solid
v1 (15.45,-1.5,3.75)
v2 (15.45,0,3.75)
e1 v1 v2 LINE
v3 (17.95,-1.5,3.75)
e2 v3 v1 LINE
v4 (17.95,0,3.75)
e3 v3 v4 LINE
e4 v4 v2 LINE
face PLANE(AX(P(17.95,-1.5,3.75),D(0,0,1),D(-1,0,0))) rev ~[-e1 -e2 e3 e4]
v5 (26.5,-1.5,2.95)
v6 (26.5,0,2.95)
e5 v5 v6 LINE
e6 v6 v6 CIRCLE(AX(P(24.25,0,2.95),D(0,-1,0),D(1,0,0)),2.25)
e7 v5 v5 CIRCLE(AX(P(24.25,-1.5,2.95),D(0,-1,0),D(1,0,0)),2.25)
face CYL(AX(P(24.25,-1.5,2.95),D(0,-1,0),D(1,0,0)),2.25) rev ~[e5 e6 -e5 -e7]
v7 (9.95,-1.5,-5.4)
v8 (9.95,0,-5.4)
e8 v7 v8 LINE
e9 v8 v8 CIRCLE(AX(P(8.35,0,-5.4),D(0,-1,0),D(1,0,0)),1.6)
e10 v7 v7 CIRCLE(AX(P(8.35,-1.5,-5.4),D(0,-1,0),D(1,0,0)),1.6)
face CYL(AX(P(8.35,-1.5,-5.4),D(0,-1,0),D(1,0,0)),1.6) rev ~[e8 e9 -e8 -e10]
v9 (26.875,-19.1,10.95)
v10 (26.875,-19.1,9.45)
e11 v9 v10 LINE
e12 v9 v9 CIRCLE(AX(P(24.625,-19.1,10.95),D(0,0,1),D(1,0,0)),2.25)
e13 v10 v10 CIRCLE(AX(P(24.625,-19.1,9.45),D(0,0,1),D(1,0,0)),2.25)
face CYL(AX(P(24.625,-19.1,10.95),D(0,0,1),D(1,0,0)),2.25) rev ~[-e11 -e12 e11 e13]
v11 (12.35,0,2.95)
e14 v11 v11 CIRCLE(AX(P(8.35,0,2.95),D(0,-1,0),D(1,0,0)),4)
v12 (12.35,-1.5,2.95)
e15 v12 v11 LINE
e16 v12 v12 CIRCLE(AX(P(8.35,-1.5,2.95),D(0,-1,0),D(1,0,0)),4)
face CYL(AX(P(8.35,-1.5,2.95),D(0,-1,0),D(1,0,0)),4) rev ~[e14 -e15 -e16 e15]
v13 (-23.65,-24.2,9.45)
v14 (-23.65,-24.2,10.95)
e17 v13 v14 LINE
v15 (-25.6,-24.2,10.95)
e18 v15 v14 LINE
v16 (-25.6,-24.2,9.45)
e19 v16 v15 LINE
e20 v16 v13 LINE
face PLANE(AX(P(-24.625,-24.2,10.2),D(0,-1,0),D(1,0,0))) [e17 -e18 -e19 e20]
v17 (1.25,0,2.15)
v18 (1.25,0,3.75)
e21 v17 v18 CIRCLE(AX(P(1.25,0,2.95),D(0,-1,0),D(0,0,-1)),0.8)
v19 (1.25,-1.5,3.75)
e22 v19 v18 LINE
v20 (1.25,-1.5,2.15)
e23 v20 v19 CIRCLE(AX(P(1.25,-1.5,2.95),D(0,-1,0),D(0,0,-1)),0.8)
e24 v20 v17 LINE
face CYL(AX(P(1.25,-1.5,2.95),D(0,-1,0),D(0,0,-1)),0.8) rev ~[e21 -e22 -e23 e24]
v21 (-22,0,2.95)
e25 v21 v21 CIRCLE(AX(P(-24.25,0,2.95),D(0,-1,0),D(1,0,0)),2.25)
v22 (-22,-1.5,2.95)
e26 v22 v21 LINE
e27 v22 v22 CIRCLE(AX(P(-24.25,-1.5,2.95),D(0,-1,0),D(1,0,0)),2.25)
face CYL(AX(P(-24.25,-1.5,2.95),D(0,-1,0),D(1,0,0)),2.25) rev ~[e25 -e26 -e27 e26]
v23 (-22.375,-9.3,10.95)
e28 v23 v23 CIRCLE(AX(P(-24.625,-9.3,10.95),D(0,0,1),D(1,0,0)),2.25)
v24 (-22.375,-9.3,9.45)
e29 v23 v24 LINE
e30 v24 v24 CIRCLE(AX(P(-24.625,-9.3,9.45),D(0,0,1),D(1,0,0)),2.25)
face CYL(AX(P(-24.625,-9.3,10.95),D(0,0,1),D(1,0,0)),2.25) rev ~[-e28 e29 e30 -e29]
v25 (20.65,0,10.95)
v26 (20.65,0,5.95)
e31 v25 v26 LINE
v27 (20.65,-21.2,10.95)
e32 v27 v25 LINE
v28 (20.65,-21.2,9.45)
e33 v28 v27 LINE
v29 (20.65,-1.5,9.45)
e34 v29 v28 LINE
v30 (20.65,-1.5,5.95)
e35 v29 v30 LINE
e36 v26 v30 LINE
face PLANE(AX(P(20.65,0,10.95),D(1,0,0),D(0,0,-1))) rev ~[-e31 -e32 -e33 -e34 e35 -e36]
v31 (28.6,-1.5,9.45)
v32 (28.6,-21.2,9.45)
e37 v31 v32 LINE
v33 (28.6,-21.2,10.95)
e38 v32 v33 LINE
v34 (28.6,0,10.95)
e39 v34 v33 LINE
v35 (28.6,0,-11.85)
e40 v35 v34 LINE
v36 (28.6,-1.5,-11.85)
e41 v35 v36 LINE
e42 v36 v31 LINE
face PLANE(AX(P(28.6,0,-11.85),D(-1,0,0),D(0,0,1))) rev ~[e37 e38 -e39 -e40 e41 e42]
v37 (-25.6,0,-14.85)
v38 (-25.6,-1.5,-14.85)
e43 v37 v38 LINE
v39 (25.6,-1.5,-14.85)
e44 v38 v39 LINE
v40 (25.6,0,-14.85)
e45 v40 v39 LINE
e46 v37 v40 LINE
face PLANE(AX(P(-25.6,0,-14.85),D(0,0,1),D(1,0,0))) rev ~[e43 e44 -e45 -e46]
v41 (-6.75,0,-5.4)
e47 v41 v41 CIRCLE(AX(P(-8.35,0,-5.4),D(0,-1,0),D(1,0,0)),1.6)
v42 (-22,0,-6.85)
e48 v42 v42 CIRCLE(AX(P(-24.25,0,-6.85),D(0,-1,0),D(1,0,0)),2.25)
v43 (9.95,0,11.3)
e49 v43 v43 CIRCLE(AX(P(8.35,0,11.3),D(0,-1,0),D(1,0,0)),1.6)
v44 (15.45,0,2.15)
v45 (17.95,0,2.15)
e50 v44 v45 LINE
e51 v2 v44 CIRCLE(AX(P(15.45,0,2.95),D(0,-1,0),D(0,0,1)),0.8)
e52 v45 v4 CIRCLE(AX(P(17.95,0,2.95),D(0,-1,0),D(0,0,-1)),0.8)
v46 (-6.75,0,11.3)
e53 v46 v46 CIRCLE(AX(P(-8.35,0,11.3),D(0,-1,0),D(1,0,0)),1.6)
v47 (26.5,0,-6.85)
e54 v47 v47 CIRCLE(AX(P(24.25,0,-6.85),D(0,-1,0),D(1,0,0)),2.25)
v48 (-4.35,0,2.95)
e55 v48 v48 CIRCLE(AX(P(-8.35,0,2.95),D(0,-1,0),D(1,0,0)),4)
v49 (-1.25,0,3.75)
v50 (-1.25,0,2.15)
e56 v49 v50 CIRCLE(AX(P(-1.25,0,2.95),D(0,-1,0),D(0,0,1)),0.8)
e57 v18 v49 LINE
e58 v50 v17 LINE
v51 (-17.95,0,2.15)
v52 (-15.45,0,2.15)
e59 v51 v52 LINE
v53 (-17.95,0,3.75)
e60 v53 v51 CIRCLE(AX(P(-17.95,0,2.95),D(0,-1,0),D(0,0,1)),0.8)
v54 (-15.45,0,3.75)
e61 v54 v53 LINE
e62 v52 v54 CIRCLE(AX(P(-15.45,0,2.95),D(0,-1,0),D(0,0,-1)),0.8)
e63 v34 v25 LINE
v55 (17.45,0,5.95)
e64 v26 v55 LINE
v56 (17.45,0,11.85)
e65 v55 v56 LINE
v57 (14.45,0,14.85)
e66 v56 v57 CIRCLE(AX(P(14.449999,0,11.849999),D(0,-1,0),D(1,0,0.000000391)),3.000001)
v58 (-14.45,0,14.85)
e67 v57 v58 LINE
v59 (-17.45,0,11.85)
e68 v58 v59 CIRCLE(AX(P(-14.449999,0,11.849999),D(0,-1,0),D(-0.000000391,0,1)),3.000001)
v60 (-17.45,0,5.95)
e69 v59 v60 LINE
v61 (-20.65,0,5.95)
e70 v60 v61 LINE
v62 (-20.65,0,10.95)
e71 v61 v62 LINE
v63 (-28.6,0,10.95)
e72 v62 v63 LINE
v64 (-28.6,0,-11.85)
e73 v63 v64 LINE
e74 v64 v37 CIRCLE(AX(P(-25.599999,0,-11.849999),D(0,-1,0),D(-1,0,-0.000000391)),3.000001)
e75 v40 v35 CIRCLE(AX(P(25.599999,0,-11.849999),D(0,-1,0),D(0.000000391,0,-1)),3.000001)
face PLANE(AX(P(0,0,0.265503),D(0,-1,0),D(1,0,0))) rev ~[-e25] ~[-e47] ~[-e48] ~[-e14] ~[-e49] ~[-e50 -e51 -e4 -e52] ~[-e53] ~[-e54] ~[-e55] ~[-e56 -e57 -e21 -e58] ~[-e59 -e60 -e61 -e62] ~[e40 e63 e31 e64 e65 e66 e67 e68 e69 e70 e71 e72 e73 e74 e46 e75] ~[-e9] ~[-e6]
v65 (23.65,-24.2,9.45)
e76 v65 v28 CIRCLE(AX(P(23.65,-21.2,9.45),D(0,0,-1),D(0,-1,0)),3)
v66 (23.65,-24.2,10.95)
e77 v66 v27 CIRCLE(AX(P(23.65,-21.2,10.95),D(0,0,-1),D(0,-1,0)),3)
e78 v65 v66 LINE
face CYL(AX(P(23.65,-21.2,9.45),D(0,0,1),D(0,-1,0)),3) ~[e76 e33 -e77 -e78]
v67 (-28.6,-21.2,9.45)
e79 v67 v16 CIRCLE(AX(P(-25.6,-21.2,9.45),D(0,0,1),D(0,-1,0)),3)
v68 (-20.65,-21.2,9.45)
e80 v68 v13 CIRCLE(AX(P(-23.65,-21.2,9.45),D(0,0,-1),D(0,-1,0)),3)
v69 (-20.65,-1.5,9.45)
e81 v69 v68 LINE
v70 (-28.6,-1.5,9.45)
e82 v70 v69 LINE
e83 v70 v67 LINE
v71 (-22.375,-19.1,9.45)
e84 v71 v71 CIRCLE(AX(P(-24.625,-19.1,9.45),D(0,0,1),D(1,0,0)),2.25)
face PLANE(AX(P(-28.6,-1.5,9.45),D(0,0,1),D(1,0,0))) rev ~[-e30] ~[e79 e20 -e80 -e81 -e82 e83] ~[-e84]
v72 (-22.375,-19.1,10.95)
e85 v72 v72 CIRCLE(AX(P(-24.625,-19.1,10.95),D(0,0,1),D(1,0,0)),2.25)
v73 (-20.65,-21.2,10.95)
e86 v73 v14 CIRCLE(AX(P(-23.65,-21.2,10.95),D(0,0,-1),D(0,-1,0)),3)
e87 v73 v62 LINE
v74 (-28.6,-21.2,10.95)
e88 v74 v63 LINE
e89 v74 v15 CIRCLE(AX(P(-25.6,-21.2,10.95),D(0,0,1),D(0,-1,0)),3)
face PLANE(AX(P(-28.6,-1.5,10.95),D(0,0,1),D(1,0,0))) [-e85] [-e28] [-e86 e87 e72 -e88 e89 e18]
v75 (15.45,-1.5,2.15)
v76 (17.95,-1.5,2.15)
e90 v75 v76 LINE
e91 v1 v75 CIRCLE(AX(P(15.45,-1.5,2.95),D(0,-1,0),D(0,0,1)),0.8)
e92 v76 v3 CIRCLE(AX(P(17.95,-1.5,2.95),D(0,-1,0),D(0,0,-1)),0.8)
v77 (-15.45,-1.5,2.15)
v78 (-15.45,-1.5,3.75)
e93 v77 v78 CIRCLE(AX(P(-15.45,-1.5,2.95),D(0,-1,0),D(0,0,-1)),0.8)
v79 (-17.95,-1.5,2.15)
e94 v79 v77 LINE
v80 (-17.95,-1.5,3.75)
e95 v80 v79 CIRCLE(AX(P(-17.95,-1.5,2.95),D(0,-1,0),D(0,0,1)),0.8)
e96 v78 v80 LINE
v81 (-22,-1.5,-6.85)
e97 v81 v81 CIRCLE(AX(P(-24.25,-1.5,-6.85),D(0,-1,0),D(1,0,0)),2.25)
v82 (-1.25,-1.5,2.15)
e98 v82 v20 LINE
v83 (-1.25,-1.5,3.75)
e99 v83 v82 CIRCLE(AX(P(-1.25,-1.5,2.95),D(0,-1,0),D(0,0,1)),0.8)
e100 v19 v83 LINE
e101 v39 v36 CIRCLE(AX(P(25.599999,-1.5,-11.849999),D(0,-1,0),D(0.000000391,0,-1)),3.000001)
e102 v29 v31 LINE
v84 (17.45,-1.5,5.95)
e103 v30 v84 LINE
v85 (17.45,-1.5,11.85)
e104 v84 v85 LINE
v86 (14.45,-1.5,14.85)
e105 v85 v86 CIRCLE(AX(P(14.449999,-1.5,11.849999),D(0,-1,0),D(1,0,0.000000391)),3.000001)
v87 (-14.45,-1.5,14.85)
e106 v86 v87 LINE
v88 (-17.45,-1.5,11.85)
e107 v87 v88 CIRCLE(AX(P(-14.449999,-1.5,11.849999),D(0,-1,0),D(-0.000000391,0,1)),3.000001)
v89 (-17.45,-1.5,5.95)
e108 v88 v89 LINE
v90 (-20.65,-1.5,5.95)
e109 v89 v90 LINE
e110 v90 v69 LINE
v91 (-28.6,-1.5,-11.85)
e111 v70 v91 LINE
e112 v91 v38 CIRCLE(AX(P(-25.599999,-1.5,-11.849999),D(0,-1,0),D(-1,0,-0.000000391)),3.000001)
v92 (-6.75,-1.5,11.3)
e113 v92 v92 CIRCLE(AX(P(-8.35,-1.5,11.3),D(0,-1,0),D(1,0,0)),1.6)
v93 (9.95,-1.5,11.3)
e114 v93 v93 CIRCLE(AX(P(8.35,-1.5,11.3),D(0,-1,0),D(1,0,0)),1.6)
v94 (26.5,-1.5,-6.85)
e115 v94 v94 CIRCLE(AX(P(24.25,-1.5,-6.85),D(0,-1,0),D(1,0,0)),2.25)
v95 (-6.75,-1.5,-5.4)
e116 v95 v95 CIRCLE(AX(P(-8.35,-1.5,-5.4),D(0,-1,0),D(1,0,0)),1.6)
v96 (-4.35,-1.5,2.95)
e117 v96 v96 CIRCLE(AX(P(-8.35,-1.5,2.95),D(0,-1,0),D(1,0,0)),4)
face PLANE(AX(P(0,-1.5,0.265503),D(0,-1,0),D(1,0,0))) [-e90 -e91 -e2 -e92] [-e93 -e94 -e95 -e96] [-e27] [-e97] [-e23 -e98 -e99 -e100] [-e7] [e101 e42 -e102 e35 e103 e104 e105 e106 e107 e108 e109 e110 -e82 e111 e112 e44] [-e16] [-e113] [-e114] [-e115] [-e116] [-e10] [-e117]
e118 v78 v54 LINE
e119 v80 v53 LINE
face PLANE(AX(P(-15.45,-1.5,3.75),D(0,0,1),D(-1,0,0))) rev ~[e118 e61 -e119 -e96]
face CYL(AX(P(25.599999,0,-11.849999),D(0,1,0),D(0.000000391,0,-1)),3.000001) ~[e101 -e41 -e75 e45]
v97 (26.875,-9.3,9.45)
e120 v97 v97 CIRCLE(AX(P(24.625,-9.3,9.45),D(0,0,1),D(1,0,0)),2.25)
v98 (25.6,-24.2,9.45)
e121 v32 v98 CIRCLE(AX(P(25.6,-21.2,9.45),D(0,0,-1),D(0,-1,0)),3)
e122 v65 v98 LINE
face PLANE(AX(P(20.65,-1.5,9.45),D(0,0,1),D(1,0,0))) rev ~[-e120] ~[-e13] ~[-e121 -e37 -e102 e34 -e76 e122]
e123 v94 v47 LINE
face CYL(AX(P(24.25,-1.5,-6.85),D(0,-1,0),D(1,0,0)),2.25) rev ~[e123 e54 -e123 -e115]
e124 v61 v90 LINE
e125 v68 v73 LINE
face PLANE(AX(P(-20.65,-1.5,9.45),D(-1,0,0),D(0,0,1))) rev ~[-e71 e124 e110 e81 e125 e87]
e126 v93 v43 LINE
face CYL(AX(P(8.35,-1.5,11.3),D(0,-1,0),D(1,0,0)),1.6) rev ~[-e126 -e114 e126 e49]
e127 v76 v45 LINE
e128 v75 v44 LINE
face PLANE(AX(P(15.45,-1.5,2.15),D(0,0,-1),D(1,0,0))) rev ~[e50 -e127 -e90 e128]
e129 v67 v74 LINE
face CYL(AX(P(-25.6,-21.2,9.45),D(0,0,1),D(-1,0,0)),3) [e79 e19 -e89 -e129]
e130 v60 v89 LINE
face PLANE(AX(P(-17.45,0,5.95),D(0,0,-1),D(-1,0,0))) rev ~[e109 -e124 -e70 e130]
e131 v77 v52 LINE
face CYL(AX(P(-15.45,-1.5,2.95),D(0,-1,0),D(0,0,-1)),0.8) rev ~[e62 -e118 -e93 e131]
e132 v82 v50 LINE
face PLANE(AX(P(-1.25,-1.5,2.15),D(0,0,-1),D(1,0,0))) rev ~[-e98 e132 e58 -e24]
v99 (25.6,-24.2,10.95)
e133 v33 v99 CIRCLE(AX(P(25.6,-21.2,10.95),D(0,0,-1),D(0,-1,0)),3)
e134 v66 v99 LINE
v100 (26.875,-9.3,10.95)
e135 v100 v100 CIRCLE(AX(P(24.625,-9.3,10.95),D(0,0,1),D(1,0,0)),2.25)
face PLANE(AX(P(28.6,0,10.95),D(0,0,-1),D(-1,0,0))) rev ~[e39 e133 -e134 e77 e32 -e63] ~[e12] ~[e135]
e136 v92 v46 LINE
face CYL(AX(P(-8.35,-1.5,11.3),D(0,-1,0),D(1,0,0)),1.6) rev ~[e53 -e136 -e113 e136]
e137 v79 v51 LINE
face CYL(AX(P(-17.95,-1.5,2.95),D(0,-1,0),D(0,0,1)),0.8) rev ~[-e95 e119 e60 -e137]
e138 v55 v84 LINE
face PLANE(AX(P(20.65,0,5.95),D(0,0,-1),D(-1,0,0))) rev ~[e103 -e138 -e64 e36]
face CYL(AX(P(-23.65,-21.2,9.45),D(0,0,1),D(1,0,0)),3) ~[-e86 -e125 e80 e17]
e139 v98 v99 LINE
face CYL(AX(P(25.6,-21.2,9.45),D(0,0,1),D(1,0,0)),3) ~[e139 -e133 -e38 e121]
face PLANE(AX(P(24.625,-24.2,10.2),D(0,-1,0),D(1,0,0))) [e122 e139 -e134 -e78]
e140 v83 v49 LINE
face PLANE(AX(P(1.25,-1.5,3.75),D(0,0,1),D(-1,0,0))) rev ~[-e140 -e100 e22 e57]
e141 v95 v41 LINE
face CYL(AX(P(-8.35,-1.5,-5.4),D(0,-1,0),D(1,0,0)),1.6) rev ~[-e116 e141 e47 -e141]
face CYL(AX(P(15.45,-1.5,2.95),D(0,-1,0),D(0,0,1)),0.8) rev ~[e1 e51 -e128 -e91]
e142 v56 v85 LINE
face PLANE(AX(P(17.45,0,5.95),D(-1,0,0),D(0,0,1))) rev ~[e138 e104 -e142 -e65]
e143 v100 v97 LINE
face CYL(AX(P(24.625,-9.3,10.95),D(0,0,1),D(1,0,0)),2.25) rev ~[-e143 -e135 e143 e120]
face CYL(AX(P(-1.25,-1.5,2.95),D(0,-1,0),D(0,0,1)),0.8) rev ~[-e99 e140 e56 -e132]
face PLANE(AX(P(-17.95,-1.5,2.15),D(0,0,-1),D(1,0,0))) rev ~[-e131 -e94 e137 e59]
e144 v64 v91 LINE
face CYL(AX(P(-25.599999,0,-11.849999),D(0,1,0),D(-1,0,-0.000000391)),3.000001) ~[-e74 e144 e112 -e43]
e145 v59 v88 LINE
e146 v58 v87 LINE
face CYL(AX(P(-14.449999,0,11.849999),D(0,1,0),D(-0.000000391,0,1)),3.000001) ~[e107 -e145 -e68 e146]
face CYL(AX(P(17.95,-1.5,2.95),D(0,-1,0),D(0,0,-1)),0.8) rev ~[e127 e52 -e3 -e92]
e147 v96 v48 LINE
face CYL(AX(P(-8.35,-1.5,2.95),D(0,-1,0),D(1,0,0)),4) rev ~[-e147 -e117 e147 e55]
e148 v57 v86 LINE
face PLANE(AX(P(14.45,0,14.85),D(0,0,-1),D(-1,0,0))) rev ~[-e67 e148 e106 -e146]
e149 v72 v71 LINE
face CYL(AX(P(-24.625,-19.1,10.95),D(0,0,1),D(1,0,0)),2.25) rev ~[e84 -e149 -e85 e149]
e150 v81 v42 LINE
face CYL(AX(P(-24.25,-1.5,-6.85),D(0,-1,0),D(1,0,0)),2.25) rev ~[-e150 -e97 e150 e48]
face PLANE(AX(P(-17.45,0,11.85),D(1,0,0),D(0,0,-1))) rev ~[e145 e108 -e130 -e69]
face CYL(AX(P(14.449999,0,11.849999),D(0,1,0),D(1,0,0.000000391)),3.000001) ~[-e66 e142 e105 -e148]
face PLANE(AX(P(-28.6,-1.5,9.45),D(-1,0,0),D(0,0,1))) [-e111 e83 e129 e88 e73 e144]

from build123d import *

# Parameters (mm, degrees)
F1_DEPTH = 1.5
F2_W     = 7.95
F2_H     = 1.5
F3_DEPTH = 22.7
F4_R     = 3
F5_R     = 2.25
F6_DEPTH = 1.5
F7_R     = 4
F7_R_2   = 1.6
F7_R_3   = 2.25
F8_DEPTH = 1.6


with BuildPart() as f1:
    # F0 (on Front) → F1 (new body)
    with BuildSketch(Plane.XZ):
        with BuildLine():
            Line((-25.6, -14.85), (25.6, -14.85))
            ThreePointArc((25.6, -14.85), (27.72132, -13.97132), (28.6, -11.85))
            Line((28.6, -11.85), (28.6, 10.95))
            Line((28.6, 10.95), (20.65, 10.95))
            Line((20.65, 10.95), (20.65, 5.95))
            Line((20.65, 5.95), (17.45, 5.95))
            Line((17.45, 5.95), (17.45, 11.85))
            ThreePointArc((17.45, 11.85), (16.57132, 13.97132), (14.45, 14.85))
            Line((14.45, 14.85), (-14.45, 14.85))
            ThreePointArc((-14.45, 14.85), (-16.57132, 13.97132), (-17.45, 11.85))
            Line((-17.45, 11.85), (-17.45, 5.95))
            Line((-17.45, 5.95), (-20.65, 5.95))
            Line((-20.65, 5.95), (-20.65, 10.95))
            Line((-20.65, 10.95), (-28.6, 10.95))
            Line((-28.6, 10.95), (-28.6, -11.85))
            ThreePointArc((-28.6, -11.85), (-27.72132, -13.97132), (-25.6, -14.85))
        make_face()
    extrude(amount=F1_DEPTH)

    # F2 (on face) → F3 (join)
    with BuildSketch(Plane.XZ.offset(1.5)):
        with Locations((-24.625, 10.2)):
            Rectangle(F2_W, F2_H)
        with Locations((24.625, 10.2)):
            Rectangle(F2_W, F2_H)
    extrude(amount=F3_DEPTH)

    # F4
    f4_edges = [f1.edges().sort_by_distance(p)[0] for p in [
        (-28.6, -24.2, 10.2),
        (-20.65, -24.2, 10.2),
        (20.65, -24.2, 10.2),
        (28.6, -24.2, 10.2),
    ]]
    fillet(f4_edges, radius=F4_R)

    # F5 (on face) → F6 (cut)
    with BuildSketch(Plane.XY.offset(10.95)):
        with Locations((24.625, -9.3)):
            Circle(F5_R)
        with Locations((24.625, -19.1)):
            Circle(F5_R)
        with Locations((-24.625, -9.3)):
            Circle(F5_R)
        with Locations((-24.625, -19.1)):
            Circle(F5_R)
    extrude(amount=-F6_DEPTH, mode=Mode.SUBTRACT)

    # F7 (on face) → F8 (cut)
    with BuildSketch(Plane.XZ.offset(1.5)):
        with BuildLine():
            ThreePointArc((-26.5, 2.95), (-24.25, 0.7), (-22, 2.95))
            ThreePointArc((-22, 2.95), (-24.25, 5.2), (-26.5, 2.95))
        make_face()
        with BuildLine():
            Line((-15.45, 3.75), (-17.95, 3.75))
            ThreePointArc((-17.95, 3.75), (-18.75, 2.95), (-17.95, 2.15))
            Line((-17.95, 2.15), (-15.45, 2.15))
            ThreePointArc((-15.45, 2.15), (-14.65, 2.95), (-15.45, 3.75))
        make_face()
        with Locations((-8.35, 2.95)):
            Circle(F7_R)
        with Locations((-8.35, 11.3)):
            Circle(F7_R_2)
        with Locations((-8.35, -5.4)):
            Circle(F7_R_2)
        with Locations((8.35, 2.95)):
            Circle(F7_R)
        with Locations((8.35, 11.3)):
            Circle(F7_R_2)
        with Locations((8.35, -5.4)):
            Circle(F7_R_2)
        with BuildLine():
            ThreePointArc((15.45, 3.75), (14.65, 2.95), (15.45, 2.15))
            Line((15.45, 2.15), (17.95, 2.15))
            ThreePointArc((17.95, 2.15), (18.75, 2.95), (17.95, 3.75))
            Line((17.95, 3.75), (15.45, 3.75))
        make_face()
        with Locations((24.25, 2.95)):
            Circle(F7_R_3)
        with BuildLine():
            ThreePointArc((-1.25, 3.75), (-2.05, 2.95), (-1.25, 2.15))
            Line((-1.25, 2.15), (1.25, 2.15))
            ThreePointArc((1.25, 2.15), (2.05, 2.95), (1.25, 3.75))
            Line((1.25, 3.75), (-1.25, 3.75))
        make_face()
        with Locations((-24.25, -6.85)):
            Circle(F7_R_3)
        with Locations((24.25, -6.85)):
            Circle(F7_R_3)
    extrude(amount=-F8_DEPTH, mode=Mode.SUBTRACT)


solid = f1.part
